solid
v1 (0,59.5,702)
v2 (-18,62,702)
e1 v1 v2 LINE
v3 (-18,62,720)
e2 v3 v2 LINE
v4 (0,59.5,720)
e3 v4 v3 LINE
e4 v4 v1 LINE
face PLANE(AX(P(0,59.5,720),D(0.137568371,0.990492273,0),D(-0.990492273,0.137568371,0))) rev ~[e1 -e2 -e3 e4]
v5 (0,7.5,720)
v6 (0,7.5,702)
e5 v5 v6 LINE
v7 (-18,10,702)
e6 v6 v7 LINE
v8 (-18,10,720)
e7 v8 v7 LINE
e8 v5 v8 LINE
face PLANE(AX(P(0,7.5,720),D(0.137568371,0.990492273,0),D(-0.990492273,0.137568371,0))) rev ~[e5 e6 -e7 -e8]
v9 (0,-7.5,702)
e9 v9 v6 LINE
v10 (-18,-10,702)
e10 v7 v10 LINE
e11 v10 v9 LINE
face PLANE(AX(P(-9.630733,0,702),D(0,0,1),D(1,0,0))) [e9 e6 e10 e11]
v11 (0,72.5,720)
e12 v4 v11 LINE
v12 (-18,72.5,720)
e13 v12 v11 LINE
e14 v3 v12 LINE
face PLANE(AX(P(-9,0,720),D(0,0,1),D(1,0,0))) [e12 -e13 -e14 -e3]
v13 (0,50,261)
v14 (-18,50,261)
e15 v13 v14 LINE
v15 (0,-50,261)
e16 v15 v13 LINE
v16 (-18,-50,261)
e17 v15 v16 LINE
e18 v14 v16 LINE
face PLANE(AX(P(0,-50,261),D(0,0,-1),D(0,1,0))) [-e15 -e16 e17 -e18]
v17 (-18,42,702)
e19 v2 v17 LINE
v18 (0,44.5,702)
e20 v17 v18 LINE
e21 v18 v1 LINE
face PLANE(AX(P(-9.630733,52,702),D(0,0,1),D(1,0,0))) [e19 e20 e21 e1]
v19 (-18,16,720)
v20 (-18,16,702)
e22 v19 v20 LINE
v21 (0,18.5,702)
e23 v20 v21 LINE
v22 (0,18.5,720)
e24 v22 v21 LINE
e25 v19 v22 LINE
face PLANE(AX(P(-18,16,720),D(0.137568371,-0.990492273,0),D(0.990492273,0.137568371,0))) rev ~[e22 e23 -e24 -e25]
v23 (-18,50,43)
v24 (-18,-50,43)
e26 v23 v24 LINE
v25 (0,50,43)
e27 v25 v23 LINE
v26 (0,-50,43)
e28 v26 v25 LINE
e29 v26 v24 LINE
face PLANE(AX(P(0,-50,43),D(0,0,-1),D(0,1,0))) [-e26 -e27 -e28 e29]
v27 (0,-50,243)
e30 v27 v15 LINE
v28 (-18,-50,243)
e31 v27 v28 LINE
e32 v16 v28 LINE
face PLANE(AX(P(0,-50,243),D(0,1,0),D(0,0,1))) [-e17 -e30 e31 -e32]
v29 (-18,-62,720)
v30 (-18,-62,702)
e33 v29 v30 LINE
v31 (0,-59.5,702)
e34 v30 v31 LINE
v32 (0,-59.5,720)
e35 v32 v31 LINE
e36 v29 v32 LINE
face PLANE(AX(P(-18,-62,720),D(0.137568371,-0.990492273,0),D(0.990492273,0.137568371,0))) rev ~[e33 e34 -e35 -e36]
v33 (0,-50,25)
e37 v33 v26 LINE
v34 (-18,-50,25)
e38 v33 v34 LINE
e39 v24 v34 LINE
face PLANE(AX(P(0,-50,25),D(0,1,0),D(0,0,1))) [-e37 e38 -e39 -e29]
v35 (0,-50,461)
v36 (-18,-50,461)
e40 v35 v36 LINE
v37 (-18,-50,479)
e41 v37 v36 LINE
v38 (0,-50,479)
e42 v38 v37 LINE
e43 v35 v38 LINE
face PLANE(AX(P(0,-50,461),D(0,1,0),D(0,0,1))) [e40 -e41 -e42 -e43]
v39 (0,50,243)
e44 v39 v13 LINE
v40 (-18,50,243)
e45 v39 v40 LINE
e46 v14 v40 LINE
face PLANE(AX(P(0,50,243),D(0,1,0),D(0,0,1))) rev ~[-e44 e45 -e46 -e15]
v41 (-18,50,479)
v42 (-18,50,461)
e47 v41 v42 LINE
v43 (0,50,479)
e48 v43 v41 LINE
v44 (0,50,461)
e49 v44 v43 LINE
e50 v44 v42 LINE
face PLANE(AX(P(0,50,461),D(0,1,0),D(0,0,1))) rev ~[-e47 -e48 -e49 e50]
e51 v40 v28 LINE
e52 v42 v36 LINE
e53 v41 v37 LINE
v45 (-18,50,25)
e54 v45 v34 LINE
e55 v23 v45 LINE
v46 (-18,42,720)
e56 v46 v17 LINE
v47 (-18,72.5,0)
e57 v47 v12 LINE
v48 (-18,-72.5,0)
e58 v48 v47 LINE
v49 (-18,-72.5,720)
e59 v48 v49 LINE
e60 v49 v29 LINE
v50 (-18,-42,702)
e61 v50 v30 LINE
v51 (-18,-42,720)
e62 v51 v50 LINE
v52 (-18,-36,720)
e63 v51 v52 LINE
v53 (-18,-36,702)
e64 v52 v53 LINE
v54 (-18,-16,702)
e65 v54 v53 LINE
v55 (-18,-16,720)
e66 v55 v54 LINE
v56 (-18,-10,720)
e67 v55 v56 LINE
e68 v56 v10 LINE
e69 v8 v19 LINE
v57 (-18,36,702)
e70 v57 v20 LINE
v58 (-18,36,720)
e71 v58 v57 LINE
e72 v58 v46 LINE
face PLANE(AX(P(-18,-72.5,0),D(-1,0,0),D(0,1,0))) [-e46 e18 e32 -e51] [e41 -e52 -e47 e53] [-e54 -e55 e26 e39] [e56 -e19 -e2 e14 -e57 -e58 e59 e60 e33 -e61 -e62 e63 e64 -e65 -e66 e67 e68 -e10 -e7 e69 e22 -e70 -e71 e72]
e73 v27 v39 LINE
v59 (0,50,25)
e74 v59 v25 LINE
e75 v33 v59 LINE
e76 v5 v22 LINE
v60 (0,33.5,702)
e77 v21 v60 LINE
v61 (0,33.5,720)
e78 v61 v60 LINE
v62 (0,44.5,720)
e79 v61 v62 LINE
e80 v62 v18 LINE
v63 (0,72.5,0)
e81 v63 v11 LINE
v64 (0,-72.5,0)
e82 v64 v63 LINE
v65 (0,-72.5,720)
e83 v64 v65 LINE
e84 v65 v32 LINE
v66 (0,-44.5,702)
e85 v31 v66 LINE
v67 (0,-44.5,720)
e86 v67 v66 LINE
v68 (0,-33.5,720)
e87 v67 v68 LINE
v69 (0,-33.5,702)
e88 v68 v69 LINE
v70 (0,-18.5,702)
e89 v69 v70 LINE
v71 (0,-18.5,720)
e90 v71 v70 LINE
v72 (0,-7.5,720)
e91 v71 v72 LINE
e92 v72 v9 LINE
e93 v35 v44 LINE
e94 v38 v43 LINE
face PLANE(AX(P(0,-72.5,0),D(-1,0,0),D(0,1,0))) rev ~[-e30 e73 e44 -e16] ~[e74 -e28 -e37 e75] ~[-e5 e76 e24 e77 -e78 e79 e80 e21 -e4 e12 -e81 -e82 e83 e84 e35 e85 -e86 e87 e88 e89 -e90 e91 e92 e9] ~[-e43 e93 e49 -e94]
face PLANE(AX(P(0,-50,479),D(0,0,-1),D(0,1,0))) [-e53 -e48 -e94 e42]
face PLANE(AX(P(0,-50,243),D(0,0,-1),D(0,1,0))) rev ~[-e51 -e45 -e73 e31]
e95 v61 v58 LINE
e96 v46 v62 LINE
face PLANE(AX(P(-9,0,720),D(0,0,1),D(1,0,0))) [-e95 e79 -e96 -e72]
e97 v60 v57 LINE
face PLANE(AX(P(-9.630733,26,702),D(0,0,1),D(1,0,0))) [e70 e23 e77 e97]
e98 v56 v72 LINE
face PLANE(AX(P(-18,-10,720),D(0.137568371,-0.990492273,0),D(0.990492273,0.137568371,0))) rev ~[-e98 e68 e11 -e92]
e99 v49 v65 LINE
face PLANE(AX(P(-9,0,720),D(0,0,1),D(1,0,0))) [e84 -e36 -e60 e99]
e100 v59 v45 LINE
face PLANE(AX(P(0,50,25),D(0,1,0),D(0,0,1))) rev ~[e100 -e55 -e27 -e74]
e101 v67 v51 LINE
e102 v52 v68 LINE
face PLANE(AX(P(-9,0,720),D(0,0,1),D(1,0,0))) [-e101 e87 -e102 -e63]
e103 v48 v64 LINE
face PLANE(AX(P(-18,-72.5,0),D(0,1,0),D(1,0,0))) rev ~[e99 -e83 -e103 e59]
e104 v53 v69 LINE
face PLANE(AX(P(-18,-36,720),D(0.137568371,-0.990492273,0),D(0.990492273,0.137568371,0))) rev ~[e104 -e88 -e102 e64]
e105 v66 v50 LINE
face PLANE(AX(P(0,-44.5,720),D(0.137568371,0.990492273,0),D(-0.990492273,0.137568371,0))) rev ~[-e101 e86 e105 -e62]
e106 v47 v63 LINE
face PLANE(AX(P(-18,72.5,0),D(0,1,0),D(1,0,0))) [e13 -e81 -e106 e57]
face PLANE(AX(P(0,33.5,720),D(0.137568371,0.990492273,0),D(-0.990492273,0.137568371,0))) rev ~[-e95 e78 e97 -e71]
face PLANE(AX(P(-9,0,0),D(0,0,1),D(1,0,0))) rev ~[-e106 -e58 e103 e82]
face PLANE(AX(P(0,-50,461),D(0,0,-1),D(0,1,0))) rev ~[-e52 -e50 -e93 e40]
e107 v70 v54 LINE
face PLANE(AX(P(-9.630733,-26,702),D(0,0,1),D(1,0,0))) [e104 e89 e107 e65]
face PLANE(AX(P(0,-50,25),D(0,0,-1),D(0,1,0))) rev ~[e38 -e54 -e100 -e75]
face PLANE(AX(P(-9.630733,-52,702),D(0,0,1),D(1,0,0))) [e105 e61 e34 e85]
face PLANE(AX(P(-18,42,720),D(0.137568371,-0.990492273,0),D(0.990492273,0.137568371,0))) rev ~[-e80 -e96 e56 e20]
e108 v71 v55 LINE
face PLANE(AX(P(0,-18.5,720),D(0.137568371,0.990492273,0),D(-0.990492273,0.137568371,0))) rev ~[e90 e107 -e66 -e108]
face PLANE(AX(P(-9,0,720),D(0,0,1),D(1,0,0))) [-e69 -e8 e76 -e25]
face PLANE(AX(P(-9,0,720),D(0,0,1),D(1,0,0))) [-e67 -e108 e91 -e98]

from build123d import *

# Parameters (mm, degrees)
F0_W     = 18
F0_H     = 145
F1_DEPTH = 720
F2_W     = 100
F2_H     = 18
F3_DEPTH = 18.001
F5_DEPTH = 18


with BuildPart() as f1:
    # F0 (on Top) → F1 (new body)
    with BuildSketch(Plane.XY):
        with Locations((-9, 0)):
            Rectangle(F0_W, F0_H)
    extrude(amount=F1_DEPTH)

    # F2 (on face) → F3 (cut, through all)
    with BuildSketch(Plane.YZ):
        with Locations((0, 34)):
            Rectangle(F2_W, F2_H)
        with Locations((0, 252)):
            Rectangle(F2_W, F2_H)
        with Locations((0, 470)):
            Rectangle(F2_W, F2_H)
    extrude(amount=-F3_DEPTH, mode=Mode.SUBTRACT)

    # F4 (on face) → F5 (cut)
    with BuildSketch(Plane.XY.offset(720)):
        Polygon((-18, 0), (-18, -10), (0, -7.5), (0, 0), (0, 7.5), (-18, 10), align=None)
        Polygon((0, -18.5), (-18, -16), (-18, -36), (0, -33.5), align=None)
        Polygon((-18, 36), (-18, 16), (0, 18.5), (0, 33.5), align=None)
        Polygon((-18, 62), (-18, 42), (0, 44.5), (0, 59.5), align=None)
        Polygon((0, -44.5), (-18, -42), (-18, -62), (0, -59.5), align=None)
    extrude(amount=-F5_DEPTH, mode=Mode.SUBTRACT)


solid = f1.part
